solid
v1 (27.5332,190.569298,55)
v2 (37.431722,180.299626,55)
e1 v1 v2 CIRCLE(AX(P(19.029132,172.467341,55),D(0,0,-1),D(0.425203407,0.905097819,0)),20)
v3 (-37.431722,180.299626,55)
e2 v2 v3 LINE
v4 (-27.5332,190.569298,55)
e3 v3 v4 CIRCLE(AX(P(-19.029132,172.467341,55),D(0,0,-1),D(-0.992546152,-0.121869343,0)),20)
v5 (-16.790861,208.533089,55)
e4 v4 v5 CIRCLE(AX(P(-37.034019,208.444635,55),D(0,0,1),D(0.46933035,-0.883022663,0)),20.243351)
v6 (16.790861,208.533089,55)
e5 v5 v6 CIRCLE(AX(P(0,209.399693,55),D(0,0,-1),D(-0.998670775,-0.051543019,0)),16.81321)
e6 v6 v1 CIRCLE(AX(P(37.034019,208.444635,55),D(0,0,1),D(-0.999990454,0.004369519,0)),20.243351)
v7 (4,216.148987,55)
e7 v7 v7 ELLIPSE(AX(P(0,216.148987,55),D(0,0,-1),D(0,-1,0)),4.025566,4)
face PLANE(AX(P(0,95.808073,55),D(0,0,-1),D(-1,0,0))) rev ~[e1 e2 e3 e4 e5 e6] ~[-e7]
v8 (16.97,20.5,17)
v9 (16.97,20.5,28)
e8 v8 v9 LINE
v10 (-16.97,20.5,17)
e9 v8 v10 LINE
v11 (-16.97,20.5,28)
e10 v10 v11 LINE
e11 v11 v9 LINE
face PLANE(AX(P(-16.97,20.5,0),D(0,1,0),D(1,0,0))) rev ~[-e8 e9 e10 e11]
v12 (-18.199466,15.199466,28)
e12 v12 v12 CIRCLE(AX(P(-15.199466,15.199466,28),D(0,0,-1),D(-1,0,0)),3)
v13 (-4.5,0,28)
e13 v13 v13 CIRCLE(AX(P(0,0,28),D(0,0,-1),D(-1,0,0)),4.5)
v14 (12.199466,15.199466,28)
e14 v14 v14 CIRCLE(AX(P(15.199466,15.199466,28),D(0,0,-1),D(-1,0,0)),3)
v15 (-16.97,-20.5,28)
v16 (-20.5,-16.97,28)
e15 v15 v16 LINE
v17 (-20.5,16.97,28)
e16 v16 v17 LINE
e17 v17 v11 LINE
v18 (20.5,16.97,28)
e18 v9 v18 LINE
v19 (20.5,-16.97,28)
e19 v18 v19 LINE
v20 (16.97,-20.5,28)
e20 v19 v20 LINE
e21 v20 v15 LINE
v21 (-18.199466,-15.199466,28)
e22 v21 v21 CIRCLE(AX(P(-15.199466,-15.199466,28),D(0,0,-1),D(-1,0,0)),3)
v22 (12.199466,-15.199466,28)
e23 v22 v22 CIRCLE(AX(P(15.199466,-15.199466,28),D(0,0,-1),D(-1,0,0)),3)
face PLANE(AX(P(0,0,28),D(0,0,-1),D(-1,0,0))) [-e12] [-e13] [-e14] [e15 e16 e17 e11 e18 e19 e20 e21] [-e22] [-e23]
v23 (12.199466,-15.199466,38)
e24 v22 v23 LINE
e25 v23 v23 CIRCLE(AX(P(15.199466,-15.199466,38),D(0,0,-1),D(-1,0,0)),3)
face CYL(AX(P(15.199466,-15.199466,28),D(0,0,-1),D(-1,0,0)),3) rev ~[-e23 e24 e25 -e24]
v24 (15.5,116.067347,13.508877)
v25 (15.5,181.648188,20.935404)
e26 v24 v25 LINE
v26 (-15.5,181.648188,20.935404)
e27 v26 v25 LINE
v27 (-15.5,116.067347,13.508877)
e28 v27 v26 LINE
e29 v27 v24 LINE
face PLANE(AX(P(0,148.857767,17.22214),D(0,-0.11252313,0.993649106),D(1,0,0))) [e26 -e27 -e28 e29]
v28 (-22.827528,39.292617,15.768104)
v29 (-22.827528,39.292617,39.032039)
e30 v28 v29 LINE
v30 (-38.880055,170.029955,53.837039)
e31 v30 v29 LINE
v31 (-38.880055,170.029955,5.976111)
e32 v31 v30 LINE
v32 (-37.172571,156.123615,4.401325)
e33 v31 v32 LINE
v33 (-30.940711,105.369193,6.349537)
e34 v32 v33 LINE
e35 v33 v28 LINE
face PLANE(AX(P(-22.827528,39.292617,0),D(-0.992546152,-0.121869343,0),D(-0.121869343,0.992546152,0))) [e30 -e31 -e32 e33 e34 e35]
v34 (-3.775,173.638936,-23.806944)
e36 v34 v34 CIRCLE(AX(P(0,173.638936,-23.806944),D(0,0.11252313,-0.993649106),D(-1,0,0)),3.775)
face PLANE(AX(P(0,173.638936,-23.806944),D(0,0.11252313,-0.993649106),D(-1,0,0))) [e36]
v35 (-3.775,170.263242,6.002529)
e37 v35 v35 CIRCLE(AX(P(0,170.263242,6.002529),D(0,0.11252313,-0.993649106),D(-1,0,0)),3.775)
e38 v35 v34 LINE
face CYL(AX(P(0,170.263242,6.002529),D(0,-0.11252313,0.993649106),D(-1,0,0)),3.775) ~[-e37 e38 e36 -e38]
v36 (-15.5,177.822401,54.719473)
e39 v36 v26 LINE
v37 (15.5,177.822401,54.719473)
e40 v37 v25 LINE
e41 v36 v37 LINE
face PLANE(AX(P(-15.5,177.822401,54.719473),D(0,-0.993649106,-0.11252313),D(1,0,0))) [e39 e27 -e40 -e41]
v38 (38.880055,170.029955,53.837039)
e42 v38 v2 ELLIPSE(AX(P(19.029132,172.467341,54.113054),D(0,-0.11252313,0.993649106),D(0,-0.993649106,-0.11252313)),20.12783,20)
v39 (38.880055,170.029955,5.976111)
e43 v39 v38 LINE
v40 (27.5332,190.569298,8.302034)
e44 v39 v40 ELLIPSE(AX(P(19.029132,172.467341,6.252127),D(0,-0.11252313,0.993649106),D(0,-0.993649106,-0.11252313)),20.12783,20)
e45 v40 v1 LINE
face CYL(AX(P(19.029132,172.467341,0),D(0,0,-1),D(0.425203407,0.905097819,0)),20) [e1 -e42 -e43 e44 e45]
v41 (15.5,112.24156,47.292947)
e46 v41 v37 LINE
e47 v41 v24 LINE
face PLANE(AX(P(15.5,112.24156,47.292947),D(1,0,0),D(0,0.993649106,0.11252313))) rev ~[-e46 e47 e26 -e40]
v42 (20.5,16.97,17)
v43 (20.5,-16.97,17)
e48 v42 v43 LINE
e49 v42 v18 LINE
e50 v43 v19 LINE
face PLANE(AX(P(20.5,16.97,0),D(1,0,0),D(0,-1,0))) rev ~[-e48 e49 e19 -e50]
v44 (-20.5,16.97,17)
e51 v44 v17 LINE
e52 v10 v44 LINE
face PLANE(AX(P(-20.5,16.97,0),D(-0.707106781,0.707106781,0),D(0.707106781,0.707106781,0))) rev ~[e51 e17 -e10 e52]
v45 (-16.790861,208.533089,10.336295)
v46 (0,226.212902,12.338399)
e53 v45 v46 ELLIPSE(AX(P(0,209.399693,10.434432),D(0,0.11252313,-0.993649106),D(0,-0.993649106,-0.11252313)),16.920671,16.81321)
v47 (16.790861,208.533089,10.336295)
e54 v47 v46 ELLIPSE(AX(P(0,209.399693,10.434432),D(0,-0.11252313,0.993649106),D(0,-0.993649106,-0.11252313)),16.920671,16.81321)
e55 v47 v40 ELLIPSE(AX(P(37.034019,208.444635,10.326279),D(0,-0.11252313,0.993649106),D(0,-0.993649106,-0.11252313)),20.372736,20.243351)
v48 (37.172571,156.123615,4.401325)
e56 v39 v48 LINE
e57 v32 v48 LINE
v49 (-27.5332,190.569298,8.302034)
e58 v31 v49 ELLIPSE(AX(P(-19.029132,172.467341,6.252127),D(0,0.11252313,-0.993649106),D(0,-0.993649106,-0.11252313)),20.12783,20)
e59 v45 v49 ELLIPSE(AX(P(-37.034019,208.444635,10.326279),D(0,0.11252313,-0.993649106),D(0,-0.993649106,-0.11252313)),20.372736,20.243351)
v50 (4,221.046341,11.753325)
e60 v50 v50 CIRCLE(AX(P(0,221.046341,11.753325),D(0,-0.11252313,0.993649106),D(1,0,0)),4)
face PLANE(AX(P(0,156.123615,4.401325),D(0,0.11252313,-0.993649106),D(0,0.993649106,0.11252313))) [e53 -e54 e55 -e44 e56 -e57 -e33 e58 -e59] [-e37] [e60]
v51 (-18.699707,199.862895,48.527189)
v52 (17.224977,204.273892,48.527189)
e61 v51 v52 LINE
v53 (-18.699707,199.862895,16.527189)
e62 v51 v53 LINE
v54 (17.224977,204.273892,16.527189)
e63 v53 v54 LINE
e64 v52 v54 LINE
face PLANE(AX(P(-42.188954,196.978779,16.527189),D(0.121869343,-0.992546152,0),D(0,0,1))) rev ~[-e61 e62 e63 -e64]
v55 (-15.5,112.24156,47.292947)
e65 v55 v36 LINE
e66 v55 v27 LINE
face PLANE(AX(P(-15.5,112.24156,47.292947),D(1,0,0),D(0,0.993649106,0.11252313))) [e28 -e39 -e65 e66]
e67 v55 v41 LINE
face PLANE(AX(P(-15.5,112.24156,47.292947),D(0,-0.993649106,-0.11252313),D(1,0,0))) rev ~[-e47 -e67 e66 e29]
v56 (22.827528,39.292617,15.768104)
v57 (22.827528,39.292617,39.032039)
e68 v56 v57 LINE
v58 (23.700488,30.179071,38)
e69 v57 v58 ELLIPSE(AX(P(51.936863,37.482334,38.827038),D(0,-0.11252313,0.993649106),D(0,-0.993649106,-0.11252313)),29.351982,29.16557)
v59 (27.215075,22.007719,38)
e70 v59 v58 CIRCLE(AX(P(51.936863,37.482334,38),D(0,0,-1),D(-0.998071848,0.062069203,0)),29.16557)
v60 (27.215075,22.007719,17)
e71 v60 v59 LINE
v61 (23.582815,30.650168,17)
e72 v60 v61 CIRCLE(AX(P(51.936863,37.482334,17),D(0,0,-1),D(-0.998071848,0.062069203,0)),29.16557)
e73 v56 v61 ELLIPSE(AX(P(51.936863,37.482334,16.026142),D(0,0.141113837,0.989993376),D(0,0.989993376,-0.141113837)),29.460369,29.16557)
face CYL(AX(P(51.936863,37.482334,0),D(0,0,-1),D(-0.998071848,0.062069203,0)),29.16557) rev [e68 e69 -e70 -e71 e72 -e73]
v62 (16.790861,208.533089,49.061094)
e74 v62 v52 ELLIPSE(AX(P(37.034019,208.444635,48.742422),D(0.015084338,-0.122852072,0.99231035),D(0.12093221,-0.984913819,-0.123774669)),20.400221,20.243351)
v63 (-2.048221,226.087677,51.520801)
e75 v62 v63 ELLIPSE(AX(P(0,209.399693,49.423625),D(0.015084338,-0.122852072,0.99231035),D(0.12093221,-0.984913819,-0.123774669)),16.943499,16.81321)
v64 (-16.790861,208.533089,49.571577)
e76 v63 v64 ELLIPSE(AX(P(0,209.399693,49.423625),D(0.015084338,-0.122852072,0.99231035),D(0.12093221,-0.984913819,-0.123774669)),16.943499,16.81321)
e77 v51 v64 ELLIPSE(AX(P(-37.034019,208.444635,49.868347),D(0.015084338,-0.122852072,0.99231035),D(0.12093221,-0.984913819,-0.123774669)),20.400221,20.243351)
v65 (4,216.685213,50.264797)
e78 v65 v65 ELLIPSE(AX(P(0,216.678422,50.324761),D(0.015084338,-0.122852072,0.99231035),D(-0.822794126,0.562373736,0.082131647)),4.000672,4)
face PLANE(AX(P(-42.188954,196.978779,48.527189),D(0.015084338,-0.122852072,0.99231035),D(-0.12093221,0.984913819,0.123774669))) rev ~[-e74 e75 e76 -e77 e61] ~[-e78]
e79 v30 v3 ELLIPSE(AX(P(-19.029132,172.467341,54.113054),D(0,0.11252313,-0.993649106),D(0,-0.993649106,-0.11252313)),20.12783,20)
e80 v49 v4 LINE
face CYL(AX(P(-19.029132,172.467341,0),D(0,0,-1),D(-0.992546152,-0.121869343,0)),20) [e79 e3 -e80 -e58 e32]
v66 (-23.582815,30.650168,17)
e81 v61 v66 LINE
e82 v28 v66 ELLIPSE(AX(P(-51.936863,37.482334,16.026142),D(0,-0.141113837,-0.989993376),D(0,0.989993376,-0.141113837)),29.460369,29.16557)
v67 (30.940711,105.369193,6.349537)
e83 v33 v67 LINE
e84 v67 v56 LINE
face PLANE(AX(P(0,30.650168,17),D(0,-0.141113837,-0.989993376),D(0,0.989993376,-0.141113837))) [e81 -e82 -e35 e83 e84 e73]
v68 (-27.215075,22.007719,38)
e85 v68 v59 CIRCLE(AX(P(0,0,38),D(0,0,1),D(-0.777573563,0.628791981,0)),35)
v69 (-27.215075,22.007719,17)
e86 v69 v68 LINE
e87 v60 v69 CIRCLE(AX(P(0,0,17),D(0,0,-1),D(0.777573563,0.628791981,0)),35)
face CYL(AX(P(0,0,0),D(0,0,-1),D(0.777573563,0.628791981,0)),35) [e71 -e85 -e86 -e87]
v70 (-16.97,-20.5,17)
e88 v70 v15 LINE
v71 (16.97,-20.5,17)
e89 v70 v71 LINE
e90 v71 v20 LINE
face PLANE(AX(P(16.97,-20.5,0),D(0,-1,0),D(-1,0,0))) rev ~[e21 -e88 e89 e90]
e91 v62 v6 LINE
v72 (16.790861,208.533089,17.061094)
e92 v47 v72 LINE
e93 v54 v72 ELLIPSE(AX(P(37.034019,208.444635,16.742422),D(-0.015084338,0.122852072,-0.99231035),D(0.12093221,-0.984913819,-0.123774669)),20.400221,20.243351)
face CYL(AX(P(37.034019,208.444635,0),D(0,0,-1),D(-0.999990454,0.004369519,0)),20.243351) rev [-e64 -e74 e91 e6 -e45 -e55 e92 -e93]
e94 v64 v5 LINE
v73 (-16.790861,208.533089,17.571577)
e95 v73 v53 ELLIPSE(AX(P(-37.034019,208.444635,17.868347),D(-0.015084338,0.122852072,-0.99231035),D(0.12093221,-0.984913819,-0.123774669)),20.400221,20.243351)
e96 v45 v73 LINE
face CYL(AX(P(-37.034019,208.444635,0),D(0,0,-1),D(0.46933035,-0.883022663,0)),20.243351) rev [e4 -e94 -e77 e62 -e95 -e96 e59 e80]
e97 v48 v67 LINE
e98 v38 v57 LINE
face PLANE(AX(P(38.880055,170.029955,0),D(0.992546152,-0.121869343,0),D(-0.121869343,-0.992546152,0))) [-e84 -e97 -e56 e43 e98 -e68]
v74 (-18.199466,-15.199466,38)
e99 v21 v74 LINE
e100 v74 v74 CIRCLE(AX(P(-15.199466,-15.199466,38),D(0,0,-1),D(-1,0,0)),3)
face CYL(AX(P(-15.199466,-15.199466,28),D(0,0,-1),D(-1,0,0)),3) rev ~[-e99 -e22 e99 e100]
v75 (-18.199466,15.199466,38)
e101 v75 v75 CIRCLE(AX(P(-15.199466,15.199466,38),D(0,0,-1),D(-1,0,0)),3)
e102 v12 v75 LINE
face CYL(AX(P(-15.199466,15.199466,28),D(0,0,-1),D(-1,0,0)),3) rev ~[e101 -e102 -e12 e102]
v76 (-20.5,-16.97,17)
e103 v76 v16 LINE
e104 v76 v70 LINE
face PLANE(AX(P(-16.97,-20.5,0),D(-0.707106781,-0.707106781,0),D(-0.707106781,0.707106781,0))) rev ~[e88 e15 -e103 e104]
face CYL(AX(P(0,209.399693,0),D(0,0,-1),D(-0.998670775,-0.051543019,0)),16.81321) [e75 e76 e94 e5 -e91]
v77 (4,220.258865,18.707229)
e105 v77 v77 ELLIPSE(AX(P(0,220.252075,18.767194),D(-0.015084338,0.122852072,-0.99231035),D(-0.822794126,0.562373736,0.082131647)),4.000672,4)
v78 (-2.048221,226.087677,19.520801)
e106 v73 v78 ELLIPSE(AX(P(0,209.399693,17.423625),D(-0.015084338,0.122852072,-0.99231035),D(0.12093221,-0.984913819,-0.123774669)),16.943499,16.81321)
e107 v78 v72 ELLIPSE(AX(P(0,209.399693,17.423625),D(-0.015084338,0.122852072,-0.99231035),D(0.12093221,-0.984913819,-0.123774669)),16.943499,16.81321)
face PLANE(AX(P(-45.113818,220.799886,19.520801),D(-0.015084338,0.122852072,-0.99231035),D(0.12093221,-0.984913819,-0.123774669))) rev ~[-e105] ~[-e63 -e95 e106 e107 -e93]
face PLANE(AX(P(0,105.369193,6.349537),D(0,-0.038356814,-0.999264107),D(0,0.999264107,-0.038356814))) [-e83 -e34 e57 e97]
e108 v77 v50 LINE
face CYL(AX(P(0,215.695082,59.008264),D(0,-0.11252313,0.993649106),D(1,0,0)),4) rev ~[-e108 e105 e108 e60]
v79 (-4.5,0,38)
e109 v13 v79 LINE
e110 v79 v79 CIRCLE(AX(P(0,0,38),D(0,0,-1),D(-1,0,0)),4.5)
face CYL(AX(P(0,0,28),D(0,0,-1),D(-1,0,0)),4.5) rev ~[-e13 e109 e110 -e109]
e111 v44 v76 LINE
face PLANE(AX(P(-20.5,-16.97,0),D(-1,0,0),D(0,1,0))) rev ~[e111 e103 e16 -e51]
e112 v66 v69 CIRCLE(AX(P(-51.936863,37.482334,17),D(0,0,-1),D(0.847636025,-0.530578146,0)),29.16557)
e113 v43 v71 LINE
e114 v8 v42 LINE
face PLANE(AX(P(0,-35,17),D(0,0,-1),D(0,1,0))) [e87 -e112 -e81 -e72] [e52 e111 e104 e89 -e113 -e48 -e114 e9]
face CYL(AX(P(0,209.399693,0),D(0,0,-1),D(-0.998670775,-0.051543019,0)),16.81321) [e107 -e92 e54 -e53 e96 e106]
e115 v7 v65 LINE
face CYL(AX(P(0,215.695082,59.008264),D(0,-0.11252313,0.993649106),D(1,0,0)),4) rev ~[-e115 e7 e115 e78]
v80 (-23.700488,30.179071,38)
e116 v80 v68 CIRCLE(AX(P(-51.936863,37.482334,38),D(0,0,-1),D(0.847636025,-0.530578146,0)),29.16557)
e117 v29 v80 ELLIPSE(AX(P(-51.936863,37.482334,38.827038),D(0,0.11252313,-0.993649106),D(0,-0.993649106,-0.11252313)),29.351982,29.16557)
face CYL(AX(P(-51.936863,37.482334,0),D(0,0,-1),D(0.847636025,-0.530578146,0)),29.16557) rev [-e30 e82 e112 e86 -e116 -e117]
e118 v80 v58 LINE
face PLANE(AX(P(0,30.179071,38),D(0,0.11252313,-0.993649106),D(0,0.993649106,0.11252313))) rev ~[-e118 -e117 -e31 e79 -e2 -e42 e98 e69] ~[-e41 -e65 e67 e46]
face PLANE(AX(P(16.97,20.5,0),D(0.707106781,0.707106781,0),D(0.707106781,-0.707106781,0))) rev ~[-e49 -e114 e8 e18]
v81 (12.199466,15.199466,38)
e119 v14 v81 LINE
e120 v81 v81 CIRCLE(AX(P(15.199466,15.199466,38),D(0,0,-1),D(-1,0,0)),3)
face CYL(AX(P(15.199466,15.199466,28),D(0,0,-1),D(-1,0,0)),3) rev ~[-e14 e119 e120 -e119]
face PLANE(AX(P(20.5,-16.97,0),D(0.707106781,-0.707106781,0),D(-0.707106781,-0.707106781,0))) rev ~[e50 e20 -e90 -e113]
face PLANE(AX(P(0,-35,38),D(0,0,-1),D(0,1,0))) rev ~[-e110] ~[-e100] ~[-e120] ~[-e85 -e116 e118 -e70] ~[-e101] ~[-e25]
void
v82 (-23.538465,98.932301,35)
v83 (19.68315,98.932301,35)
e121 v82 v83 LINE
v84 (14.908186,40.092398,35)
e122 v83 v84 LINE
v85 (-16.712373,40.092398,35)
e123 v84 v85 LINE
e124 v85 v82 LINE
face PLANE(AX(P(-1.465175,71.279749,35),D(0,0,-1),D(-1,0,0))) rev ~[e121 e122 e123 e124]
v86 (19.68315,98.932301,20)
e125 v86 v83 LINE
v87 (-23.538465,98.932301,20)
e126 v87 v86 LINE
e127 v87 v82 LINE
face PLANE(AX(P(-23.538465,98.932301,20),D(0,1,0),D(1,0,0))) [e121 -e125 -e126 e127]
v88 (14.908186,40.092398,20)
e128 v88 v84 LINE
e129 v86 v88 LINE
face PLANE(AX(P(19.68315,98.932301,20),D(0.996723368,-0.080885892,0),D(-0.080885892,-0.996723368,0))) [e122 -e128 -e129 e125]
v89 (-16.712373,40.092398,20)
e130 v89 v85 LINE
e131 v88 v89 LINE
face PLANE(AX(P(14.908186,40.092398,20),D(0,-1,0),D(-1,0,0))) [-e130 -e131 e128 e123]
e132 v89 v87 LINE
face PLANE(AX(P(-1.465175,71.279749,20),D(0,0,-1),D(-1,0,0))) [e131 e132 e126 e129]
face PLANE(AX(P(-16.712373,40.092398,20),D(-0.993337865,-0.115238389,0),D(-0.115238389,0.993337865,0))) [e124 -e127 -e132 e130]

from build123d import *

# Parameters (mm, degrees)
BOSS_EXTRUDE1_DEPTH     = 55
CUT_EXTRUDE3_DEPTH      = 28
CUT_EXTRUDE4_DEPTH      = 40.029131656
CUT_EXTRUDE4_DEPTH_BACK = 40.029131656
SKETCH18_R              = 4.5
SKETCH18_R_2            = 3
CUT_EXTRUDE5_DEPTH      = 24.598674983
CUT_EXTRUDE5_DEPTH_BACK = 28
CUT_EXTRUDE6_DEPTH      = 26.134831719
CUT_EXTRUDE6_DEPTH_BACK = 85.175442033
SKETCH21_R              = 4
CUT_EXTRUDE7_DEPTH      = 25.226187847
CUT_EXTRUDE7_DEPTH_BACK = 56.443633682
SKETCH22_W              = 31
SKETCH22_H              = 66
CUT_EXTRUDE8_DEPTH      = 34
SKETCH30_R              = 3.775
BOSS_EXTRUDE2_DEPTH     = 30
CUT_EXTRUDE9_START      = 20
CUT_EXTRUDE9_DEPTH      = 15


with BuildPart() as part:
    # Sketch1 → Boss-Extrude1 (new body)
    with BuildSketch(Plane.XY):
        with BuildLine():
            Line((-22.827528122, 39.292617223), (-38.880054689, 170.029954628))
            ThreePointArc((-38.880054689, 170.029954628), (-36.535345881, 182.138559801), (-27.533199801, 190.569297881))
            ThreePointArc((-27.533199801, 190.569297881), (-19.660174006, 198.055084384), (-16.79086128, 208.533088928))
            ThreePointArc((-16.79086128, 208.533088928), (0, 226.212902341), (16.79086128, 208.533088928))
            ThreePointArc((16.79086128, 208.533088928), (19.660174006, 198.055084384), (27.533199801, 190.569297881))
            ThreePointArc((27.533199801, 190.569297881), (36.535345881, 182.138559801), (38.880054689, 170.029954628))
            Line((38.880054689, 170.029954628), (22.827528122, 39.292617223))
            ThreePointArc((22.827528122, 39.292617223), (23.667809595, 30.306601974), (27.215074691, 22.007719318))
            ThreePointArc((27.215074691, 22.007719318), (0, -35), (-27.215074691, 22.007719318))
            ThreePointArc((-27.215074691, 22.007719318), (-23.667809595, 30.306601974), (-22.827528122, 39.292617223))
        make_face()
    extrude(amount=BOSS_EXTRUDE1_DEPTH)

    # Sketch5 → Cut-Extrude3 (cut)
    with BuildSketch(Plane.XY):
        Polygon((16.97, -20.5), (-16.97, -20.5), (-20.5, -16.97), (-20.5, 16.97), (-16.97, 20.5), (16.97, 20.5), (20.5, 16.97), (20.5, -16.97), align=None)
    extrude(amount=CUT_EXTRUDE3_DEPTH, mode=Mode.SUBTRACT)

    # Sketch15 → Cut-Extrude4 (cut, two sides)
    with BuildSketch(Plane(origin=(0, 0, 0), x_dir=(0, 0, -1), z_dir=(1, 0, 0))) as cut_extrude4_sk:
        Polygon((-38, -35), (-38, 30.17907071), (-55, 180.299626254), (-55, -35), align=None)
        Polygon((-4.401325017, 156.123614829), (-12.400064416, 226.757450259), (0, 226.212902341), (0, 149.914783233), (0, 117.257182084), (0, -35), (-17, -35), (-17, 30.65016827), (-6.349536626, 105.369192589), align=None)
    extrude(amount=CUT_EXTRUDE4_DEPTH, mode=Mode.SUBTRACT)
    extrude(cut_extrude4_sk.sketch, amount=-CUT_EXTRUDE4_DEPTH_BACK, mode=Mode.SUBTRACT)

    # Sketch18 → Cut-Extrude5 (cut, two sides)
    with BuildSketch(Plane(origin=(0, 0, 28), x_dir=(-1, 0, 0), z_dir=(0, 0, -1))) as cut_extrude5_sk:
        Circle(SKETCH18_R)
        with Locations((-15.199466094, 15.199466094)):
            Circle(SKETCH18_R_2)
        with Locations((15.199466094, 15.199466094)):
            Circle(SKETCH18_R_2)
        with Locations((15.199466094, -15.199466094)):
            Circle(SKETCH18_R_2)
        with Locations((-15.199466094, -15.199466094)):
            Circle(SKETCH18_R_2)
    extrude(amount=CUT_EXTRUDE5_DEPTH, mode=Mode.SUBTRACT)
    extrude(cut_extrude5_sk.sketch, amount=-CUT_EXTRUDE5_DEPTH_BACK, mode=Mode.SUBTRACT)

    # Sketch20 → Cut-Extrude6 (cut, two sides)
    with BuildSketch(Plane(origin=(-17.735618329, -2.177660109, 0), x_dir=(0, 0, 1), z_dir=(-0.992546152, -0.121869343, 0))) as cut_extrude6_sk:
        Polygon((16.527188649, 200.652068787), (48.527188649, 200.652068787), (51.520800543, 224.652068787), (19.520800543, 224.652068787), align=None)
    extrude(amount=CUT_EXTRUDE6_DEPTH, mode=Mode.SUBTRACT)
    extrude(cut_extrude6_sk.sketch, amount=-CUT_EXTRUDE6_DEPTH_BACK, mode=Mode.SUBTRACT)

    # Sketch21 → Cut-Extrude7 (cut, two sides)
    with BuildSketch(Plane(origin=(0, -3.866612347, 34.144587862), x_dir=(1, 0, 0), z_dir=(0, -0.11252313, 0.993649106))) as cut_extrude7_sk:
        with Locations((0, 220.965020256)):
            Circle(SKETCH21_R)
    extrude(amount=CUT_EXTRUDE7_DEPTH, mode=Mode.SUBTRACT)
    extrude(cut_extrude7_sk.sketch, amount=-CUT_EXTRUDE7_DEPTH_BACK, mode=Mode.SUBTRACT)

    # Sketch22 → Cut-Extrude8 (cut)
    with BuildSketch(Plane(origin=(0, -3.866612347, 34.144587862), x_dir=(1, 0, 0), z_dir=(0, -0.11252313, 0.993649106))):
        with Locations((0, 149.850276465)):
            Rectangle(SKETCH22_W, SKETCH22_H)
    extrude(amount=-CUT_EXTRUDE8_DEPTH, mode=Mode.SUBTRACT)

    # Sketch30 → Boss-Extrude2 (add)
    with BuildSketch(Plane(origin=(0, 1.484646511, -13.110350529), x_dir=(-1, 0, 0), z_dir=(0, 0.11252313, -0.993649106))):
        with Locations((0, 169.857341116)):
            Circle(SKETCH30_R)
    extrude(amount=BOSS_EXTRUDE2_DEPTH)

    # Sketch31 → Cut-Extrude9 (cut)
    with BuildSketch(Plane.XY.offset(CUT_EXTRUDE9_START)):
        Polygon((-16.71237329, 40.092398344), (-23.538465204, 98.932300939), (19.683150051, 98.932300939), (14.908186254, 40.092398344), align=None)
    extrude(amount=CUT_EXTRUDE9_DEPTH, mode=Mode.SUBTRACT)


solid = part.part
